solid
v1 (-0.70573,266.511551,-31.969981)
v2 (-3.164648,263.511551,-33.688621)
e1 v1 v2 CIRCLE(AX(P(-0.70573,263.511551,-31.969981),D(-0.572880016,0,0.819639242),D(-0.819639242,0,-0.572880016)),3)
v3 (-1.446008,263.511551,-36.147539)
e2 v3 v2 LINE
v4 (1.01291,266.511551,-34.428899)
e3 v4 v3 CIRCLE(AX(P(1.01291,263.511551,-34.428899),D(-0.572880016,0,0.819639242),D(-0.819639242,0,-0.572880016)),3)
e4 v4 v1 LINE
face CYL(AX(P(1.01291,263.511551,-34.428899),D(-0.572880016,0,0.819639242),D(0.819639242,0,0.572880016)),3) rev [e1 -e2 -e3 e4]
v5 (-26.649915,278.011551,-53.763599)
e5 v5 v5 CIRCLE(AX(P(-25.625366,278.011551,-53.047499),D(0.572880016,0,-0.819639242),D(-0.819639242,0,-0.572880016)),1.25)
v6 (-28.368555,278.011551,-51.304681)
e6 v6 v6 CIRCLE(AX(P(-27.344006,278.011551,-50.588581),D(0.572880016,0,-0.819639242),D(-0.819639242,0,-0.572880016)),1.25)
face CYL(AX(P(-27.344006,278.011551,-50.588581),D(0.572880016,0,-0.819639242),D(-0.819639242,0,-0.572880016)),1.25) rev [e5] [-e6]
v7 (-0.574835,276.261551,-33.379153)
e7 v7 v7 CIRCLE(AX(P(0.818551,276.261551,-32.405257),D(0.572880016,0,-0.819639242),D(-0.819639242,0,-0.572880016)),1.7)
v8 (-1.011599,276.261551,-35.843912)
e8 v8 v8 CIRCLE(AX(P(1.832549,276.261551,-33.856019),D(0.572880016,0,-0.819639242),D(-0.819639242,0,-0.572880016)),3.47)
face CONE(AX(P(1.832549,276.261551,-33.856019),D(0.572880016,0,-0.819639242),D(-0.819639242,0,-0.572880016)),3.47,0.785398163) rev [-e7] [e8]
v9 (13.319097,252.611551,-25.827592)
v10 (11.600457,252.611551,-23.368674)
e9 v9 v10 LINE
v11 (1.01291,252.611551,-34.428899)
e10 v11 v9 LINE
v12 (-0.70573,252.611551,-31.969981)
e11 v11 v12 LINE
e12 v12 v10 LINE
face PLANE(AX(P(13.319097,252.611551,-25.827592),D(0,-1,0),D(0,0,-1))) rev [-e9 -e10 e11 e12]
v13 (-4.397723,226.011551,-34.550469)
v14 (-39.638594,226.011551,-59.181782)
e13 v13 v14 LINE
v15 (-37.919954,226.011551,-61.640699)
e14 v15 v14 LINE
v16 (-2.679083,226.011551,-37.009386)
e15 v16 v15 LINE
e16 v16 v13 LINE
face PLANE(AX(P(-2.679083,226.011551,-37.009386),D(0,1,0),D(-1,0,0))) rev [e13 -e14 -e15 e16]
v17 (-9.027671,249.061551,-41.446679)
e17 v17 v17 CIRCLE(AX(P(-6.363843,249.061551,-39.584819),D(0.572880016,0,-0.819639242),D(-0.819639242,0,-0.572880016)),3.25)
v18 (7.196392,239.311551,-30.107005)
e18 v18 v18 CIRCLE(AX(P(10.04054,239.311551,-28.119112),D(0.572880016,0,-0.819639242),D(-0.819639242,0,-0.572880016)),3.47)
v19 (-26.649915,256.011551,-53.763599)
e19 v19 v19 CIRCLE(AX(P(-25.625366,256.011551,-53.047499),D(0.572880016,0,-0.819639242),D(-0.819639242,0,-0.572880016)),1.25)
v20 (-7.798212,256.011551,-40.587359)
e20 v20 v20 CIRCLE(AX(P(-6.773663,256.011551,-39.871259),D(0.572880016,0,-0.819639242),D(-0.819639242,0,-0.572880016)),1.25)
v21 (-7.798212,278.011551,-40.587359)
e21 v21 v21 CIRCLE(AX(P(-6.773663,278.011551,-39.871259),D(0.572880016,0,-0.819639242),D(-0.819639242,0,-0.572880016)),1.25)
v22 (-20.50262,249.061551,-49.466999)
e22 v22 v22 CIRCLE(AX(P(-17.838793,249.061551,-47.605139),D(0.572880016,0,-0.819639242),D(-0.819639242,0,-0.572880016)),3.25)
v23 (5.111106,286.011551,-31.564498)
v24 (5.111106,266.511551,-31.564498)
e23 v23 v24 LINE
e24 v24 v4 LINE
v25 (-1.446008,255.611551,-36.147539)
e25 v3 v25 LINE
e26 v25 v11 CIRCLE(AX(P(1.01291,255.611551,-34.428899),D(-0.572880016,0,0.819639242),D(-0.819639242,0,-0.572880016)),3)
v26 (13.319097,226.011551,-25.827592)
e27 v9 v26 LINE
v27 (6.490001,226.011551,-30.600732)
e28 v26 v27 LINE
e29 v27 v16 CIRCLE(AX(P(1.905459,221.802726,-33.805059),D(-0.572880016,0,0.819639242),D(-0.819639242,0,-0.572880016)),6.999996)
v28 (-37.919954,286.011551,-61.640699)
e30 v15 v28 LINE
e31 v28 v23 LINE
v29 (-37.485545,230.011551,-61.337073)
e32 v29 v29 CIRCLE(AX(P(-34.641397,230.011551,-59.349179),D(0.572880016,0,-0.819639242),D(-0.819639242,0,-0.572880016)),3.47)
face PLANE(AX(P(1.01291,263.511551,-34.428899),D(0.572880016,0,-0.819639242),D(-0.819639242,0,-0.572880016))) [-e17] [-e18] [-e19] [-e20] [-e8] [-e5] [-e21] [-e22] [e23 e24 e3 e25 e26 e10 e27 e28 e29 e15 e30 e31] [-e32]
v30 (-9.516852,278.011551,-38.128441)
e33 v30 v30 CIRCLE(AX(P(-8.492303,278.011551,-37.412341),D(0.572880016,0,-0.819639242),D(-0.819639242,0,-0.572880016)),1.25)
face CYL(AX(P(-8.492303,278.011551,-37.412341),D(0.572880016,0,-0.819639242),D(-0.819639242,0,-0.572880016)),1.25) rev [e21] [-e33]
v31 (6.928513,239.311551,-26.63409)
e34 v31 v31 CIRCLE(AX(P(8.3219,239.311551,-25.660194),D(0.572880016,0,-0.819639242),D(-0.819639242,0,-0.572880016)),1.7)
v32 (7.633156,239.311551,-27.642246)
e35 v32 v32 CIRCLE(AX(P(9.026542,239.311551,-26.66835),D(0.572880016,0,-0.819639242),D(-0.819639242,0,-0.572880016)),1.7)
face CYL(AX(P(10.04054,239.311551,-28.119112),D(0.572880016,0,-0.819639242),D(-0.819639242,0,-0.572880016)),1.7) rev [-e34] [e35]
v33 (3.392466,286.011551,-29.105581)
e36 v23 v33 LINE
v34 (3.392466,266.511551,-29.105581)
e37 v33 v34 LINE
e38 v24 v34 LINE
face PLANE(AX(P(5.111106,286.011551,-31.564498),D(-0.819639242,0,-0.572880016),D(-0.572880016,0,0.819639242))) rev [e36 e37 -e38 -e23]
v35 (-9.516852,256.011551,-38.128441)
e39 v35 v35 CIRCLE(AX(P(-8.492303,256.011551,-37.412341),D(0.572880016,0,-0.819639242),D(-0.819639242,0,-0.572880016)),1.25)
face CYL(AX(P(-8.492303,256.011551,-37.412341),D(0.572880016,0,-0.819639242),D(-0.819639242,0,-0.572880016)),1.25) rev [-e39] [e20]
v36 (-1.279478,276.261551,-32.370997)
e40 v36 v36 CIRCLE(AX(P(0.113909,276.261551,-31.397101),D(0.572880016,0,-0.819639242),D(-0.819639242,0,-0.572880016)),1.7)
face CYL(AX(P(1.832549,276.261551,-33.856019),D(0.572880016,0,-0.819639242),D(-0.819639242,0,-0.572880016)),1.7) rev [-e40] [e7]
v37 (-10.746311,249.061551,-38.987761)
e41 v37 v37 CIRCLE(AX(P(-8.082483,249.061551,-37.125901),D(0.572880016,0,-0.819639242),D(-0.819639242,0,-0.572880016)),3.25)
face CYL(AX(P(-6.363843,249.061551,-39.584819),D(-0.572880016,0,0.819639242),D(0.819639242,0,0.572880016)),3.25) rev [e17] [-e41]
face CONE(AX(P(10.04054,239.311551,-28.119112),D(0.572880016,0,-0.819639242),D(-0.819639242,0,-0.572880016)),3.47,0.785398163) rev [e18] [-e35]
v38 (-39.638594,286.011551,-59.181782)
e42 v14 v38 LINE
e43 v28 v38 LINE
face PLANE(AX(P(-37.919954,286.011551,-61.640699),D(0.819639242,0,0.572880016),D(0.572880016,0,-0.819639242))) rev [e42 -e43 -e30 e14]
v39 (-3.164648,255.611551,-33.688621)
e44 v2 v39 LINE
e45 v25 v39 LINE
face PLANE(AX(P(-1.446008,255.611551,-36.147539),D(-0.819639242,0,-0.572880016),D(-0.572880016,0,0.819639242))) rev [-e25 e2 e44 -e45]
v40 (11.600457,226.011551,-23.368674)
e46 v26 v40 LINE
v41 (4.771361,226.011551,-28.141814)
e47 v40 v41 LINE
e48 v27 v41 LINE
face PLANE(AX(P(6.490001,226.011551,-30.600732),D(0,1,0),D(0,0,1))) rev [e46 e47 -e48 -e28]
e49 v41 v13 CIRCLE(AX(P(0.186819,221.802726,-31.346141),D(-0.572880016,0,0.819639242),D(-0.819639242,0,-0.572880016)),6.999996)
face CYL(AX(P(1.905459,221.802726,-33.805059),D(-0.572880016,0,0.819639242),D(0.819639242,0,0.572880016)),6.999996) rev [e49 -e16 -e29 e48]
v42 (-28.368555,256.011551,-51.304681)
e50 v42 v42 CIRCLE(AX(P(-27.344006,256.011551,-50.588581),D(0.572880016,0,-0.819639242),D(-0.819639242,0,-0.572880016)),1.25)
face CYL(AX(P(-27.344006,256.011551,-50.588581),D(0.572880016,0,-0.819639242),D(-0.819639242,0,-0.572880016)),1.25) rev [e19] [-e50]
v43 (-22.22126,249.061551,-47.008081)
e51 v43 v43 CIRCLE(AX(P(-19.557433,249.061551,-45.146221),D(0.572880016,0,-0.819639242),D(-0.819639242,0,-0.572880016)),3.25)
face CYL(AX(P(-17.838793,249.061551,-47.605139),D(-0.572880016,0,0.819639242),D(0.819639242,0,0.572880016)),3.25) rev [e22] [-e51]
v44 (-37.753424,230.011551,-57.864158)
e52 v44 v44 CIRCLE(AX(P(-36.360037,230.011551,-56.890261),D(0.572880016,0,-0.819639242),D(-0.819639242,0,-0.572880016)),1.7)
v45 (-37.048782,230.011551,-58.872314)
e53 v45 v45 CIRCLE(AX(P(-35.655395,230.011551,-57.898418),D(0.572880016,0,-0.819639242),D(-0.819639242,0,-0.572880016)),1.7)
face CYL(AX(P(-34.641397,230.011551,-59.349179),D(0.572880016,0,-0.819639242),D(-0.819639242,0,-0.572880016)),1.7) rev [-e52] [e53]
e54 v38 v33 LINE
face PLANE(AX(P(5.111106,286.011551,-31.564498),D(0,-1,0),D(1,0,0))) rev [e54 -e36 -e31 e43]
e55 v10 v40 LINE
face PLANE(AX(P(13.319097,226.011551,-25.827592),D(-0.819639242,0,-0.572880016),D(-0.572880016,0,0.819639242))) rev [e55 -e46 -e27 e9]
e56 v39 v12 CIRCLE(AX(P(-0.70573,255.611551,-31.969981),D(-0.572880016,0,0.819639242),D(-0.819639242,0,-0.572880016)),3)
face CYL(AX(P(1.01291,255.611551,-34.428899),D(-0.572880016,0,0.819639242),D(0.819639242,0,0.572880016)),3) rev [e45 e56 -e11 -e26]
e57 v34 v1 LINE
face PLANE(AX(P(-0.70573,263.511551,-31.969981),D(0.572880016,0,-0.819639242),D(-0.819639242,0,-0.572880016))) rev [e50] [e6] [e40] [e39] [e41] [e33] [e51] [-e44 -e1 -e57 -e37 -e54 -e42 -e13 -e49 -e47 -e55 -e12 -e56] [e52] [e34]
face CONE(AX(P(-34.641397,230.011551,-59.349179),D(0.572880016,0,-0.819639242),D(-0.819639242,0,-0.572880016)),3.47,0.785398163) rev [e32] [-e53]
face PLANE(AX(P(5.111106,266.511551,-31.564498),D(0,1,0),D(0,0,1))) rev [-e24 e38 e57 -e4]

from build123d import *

# Parameters (mm, degrees)
SKETCH1_R                                            = 3.25
BOSS_EXTRUDE1_DEPTH                                  = 3
SKETCH7_R                                            = 1.25
CUT_EXTRUDE1_DEPTH                                   = 3
CSK_FOR_M3_HEX_SOCKET_COUNTERSUNK_HEAD_S_D           = 3.4
CSK_FOR_M3_HEX_SOCKET_COUNTERSUNK_HEAD_S_DEPTH       = 3
CSK_FOR_M3_HEX_SOCKET_COUNTERSUNK_HEAD_S_CSINK_D     = 6.94
CSK_FOR_M3_HEX_SOCKET_COUNTERSUNK_HEAD_S_CSINK_ANGLE = 90
CSK_FOR_M3_HEX_SOCKET_COUNTERSUNK_HEAD_S_TIP         = 1.021463052


with BuildPart() as part:
    # Sketch1 → Boss-Extrude1 (new body)
    with BuildSketch(Plane(origin=(14.780047825, 0, -21.146325355), x_dir=(-0.8196392423560167, 0, -0.5728800157014161), z_dir=(0.5728800157014161, 0, -0.8196392423560169))):
        with BuildLine():
            Line((13.893407272, 266.511550752), (18.893407272, 266.511550752))
            ThreePointArc((18.893407272, 266.511550752), (21.014727616, 265.632871095), (21.893407272, 263.511550752))
            Line((21.893407272, 263.511550752), (21.893407272, 255.611550752))
            ThreePointArc((21.893407272, 255.611550752), (21.014727616, 253.490230408), (18.893407272, 252.611550752))
            Line((18.893407272, 252.611550752), (3.879256414, 252.611550752))
            Line((3.879256414, 252.611550752), (3.879256414, 226.011550752))
            Line((3.879256414, 226.011550752), (12.21108842, 226.011550752))
            ThreePointArc((12.21108842, 226.011550752), (17.804454002, 228.802722193), (23.397819584, 226.011550752))
            Line((23.397819584, 226.011550752), (66.393407272, 226.011550752))
            Line((66.393407272, 226.011550752), (66.393407272, 286.011550752))
            Line((66.393407272, 286.011550752), (13.893407272, 286.011550752))
            Line((13.893407272, 286.011550752), (13.893407272, 266.511550752))
        make_face()
        with Locations((27.893407272, 249.061550752)):
            Circle(SKETCH1_R, mode=Mode.SUBTRACT)
        with Locations((41.893407272, 249.061550752)):
            Circle(SKETCH1_R, mode=Mode.SUBTRACT)
    extrude(amount=BOSS_EXTRUDE1_DEPTH)

    # Sketch7 → Cut-Extrude1 (cut)
    with BuildSketch(Plane(origin=(16.498687872, 0, -23.605243082), x_dir=(-0.8196392423560169, 0, -0.572880015701416), z_dir=(0.572880015701416, 0, -0.8196392423560169))):
        with Locations((28.393407272, 278.011550752)):
            Circle(SKETCH7_R)
        with Locations((51.393407272, 278.011550752)):
            Circle(SKETCH7_R)
        with Locations((28.393407272, 256.011550752)):
            Circle(SKETCH7_R)
        with Locations((51.393407272, 256.011550752)):
            Circle(SKETCH7_R)
    extrude(amount=-CUT_EXTRUDE1_DEPTH, mode=Mode.SUBTRACT)

    # CSK for M3 Hex Socket Countersunk Head Screw2
    with Locations(Plane(origin=(16.498687872, 0, -23.605243082), x_dir=(-0.8196392423560169, 0, -0.572880015701416), z_dir=(0.572880015701416, 0, -0.819639242356017))):
        with Locations((17.893407272, 276.261550752), (7.879256414, 239.311550752), (62.393407272, 230.011550752)):
            CounterSinkHole(CSK_FOR_M3_HEX_SOCKET_COUNTERSUNK_HEAD_S_D / 2, CSK_FOR_M3_HEX_SOCKET_COUNTERSUNK_HEAD_S_CSINK_D / 2, depth=CSK_FOR_M3_HEX_SOCKET_COUNTERSUNK_HEAD_S_DEPTH, counter_sink_angle=CSK_FOR_M3_HEX_SOCKET_COUNTERSUNK_HEAD_S_CSINK_ANGLE)
            with Locations((0, 0, -(CSK_FOR_M3_HEX_SOCKET_COUNTERSUNK_HEAD_S_DEPTH + CSK_FOR_M3_HEX_SOCKET_COUNTERSUNK_HEAD_S_TIP / 2))):  # 118° drill point
                Cone(0, CSK_FOR_M3_HEX_SOCKET_COUNTERSUNK_HEAD_S_D / 2, CSK_FOR_M3_HEX_SOCKET_COUNTERSUNK_HEAD_S_TIP, mode=Mode.SUBTRACT)


solid = part.part
